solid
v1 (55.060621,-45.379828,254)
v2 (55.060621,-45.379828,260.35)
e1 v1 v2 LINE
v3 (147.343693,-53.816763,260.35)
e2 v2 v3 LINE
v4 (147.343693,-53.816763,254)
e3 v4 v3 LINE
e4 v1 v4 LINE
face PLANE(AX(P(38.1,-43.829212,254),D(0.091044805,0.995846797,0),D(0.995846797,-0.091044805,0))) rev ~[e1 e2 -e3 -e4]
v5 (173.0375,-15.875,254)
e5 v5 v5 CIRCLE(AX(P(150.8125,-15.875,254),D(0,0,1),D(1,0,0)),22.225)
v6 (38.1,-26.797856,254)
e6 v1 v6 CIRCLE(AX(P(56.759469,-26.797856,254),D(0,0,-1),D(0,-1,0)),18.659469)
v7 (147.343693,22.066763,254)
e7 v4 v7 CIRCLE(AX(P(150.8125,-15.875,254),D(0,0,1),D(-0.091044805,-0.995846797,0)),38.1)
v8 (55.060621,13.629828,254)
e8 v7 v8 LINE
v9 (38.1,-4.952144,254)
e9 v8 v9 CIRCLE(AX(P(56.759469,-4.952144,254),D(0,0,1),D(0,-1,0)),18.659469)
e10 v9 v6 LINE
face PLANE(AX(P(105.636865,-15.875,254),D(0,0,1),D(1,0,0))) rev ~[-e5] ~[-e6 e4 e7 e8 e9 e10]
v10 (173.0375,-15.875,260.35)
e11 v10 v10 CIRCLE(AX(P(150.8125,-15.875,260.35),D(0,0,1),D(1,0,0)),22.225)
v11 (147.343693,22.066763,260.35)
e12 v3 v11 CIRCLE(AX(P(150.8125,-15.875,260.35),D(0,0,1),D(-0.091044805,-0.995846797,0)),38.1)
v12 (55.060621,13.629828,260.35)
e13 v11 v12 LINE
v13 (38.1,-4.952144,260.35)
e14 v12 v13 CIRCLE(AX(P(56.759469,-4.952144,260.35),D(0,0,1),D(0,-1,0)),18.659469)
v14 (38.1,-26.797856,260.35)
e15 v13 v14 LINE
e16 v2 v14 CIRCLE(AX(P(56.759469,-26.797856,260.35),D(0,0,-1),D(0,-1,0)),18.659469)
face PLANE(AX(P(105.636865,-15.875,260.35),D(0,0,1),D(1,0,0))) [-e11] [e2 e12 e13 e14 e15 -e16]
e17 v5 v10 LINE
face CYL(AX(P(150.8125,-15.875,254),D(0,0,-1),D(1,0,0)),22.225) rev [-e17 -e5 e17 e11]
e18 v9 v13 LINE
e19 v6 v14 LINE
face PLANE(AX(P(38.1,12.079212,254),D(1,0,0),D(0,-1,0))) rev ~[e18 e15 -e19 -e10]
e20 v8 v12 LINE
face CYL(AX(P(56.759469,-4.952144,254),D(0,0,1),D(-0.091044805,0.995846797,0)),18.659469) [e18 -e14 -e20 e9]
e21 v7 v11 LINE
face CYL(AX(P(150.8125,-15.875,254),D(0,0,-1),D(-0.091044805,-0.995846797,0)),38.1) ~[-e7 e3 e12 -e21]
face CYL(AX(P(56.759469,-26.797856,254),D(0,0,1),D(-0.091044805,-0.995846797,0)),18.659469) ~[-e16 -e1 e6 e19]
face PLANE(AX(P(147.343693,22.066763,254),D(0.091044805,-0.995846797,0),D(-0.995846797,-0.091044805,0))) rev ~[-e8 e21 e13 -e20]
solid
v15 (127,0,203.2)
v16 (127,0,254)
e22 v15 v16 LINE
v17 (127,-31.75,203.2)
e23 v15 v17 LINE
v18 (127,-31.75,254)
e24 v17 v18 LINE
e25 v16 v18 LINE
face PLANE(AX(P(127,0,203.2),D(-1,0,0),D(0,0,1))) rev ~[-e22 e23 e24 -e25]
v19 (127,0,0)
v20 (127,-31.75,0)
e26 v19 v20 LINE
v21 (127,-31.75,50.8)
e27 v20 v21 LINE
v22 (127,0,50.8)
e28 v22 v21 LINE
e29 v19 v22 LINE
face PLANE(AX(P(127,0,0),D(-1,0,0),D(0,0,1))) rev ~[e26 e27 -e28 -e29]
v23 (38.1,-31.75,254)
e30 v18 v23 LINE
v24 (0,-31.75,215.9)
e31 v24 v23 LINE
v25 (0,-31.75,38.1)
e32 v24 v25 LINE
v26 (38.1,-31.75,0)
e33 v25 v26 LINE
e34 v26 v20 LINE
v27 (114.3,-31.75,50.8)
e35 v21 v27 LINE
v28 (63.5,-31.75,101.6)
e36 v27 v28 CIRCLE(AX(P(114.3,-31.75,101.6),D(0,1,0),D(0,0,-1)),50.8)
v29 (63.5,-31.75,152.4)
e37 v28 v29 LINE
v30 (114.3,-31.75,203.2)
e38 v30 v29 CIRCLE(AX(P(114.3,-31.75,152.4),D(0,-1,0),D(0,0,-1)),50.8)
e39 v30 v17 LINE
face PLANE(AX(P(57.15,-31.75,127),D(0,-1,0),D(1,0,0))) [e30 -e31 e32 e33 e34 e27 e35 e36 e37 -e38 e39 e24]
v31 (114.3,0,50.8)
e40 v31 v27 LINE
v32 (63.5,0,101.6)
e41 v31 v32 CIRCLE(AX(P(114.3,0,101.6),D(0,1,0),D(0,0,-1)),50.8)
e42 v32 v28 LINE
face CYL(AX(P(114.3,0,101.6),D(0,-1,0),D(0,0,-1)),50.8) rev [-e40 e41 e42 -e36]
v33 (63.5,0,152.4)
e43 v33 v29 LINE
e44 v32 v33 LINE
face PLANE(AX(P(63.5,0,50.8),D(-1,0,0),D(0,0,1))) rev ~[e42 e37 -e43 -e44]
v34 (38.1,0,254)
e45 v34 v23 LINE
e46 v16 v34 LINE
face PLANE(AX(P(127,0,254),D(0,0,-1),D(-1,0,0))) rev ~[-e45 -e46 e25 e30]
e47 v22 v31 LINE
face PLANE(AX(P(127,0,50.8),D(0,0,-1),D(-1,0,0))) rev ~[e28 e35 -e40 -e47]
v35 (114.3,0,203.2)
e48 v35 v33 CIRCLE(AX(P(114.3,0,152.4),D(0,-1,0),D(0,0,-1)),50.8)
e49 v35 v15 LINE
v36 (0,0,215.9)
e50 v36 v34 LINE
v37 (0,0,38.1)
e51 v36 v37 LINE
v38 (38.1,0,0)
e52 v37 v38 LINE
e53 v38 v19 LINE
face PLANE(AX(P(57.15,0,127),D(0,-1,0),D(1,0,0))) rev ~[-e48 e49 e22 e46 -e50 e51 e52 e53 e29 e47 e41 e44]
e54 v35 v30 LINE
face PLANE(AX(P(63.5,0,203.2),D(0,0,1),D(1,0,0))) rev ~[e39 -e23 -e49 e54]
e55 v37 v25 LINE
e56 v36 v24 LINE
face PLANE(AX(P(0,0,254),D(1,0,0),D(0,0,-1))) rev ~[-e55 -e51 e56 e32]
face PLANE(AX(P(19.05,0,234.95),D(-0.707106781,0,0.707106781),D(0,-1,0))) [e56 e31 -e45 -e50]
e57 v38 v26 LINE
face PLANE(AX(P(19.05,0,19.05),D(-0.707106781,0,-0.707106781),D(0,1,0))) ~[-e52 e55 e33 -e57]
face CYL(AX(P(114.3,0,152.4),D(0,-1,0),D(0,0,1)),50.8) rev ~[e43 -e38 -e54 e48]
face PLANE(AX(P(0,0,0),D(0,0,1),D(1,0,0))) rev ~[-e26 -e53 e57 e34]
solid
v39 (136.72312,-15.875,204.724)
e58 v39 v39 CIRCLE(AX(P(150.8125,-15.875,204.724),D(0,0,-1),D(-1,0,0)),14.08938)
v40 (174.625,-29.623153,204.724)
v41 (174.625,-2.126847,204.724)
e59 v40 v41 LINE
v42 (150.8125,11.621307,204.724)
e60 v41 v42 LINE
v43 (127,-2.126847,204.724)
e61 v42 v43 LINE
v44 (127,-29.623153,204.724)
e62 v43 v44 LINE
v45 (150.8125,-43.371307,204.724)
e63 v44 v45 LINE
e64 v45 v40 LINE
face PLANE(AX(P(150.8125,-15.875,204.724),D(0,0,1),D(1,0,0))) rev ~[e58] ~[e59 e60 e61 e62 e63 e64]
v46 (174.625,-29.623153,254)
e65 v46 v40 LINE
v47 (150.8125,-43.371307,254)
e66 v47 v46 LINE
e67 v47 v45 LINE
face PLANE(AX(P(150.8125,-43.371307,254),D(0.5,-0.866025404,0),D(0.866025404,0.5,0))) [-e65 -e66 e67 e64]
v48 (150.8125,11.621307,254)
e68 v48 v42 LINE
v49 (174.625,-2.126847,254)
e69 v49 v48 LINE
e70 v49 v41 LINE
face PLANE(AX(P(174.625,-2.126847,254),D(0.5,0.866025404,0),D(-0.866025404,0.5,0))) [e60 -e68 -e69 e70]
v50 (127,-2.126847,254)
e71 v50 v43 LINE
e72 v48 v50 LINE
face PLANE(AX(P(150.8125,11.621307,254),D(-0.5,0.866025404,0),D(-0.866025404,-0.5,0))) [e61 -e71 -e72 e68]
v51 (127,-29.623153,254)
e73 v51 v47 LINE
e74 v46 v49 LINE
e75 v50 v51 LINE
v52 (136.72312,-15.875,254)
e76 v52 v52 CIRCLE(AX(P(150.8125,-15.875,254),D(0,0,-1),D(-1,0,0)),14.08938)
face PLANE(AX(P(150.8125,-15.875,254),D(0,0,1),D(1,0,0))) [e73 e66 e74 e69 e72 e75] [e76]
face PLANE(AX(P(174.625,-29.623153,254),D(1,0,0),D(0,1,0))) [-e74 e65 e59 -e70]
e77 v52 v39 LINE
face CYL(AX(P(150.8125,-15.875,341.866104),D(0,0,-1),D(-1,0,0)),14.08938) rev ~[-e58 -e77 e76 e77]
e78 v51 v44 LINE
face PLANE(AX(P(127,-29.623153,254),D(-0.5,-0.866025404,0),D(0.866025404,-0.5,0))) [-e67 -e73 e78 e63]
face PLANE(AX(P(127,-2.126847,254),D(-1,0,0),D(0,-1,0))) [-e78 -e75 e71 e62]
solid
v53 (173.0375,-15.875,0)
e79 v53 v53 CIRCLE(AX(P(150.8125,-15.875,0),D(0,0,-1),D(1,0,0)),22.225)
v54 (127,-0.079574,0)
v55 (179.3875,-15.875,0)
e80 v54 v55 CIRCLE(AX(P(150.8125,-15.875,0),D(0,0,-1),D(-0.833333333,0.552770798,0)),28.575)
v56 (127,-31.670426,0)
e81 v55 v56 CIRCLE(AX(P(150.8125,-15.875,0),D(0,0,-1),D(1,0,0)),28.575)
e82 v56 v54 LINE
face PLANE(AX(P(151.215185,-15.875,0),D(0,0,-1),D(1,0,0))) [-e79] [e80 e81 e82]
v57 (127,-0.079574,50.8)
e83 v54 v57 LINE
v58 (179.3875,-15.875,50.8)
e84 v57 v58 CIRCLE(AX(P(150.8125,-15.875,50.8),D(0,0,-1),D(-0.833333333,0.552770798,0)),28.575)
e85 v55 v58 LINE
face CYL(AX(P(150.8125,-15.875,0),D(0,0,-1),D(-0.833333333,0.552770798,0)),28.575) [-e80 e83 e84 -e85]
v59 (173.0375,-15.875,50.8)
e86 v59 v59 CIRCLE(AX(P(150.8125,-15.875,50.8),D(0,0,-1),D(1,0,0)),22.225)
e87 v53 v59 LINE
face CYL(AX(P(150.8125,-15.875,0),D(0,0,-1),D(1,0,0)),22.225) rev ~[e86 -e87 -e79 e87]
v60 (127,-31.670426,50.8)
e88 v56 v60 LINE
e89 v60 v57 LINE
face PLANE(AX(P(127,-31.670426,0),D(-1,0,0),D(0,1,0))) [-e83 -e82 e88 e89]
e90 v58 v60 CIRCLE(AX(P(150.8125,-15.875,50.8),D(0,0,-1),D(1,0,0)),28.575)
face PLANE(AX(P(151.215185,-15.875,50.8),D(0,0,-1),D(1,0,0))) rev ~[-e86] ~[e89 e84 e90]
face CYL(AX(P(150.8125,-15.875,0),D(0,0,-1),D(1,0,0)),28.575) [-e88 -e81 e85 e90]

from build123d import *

# Parameters (mm, degrees)
F1_DEPTH  = 31.75
F2_SIZE   = 38.1
F3_R      = 50.8
F5_DEPTH  = 49.276
F7_D      = 28.17876
F8_R      = 22.225
F9_DEPTH  = 50.8
F10_R     = 22.225
F11_DEPTH = 6.35
F12_R     = 18.6594688317


with BuildPart() as f1:
    # F0 (on Front) → F1 (new body)
    with BuildSketch(Plane.XZ):
        Polygon((0, 254), (0, 0), (127, 0), (127, 50.8), (63.5, 50.8), (63.5, 203.2), (127, 203.2), (127, 254), align=None)
    extrude(amount=F1_DEPTH)

    # F2
    f2_edges = [f1.edges().sort_by_distance(p)[0] for p in [
        (0, -15.875, 254),
        (0, -15.875, 0),
    ]]
    chamfer(f2_edges, length=F2_SIZE)

    # F3
    f3_edges = [f1.edges().sort_by_distance(p)[0] for p in [
        (63.5, -15.875, 203.2),
        (63.5, -15.875, 50.8),
    ]]
    fillet(f3_edges, radius=F3_R)


with BuildPart() as f5:
    # F4 (on face) → F5 (new body)
    with BuildSketch(Plane.XY.offset(254)):
        Polygon((127, -29.6231532851), (150.8125, -43.3713065702), (174.625, -29.6231532851), (174.625, -2.1268467149), (150.8125, 11.6213065702), (127, -2.1268467149), align=None)
    extrude(amount=-F5_DEPTH)

    # F7 (through all)
    with Locations(Plane.XY.offset(254)):
        with Locations((150.8125, -15.875)):
            Hole(F7_D / 2)


with BuildPart() as f9:
    # F8 (on face) → F9 (new body)
    with BuildSketch(Plane(origin=(0, 0, 0), x_dir=(1, 0, 0), z_dir=(0, 0, -1))):
        with BuildLine():
            ThreePointArc((127, 0.0795744359), (159.061391971, -11.4834796041), (179.3875, 15.875))
            ThreePointArc((179.3875, 15.875), (159.061391971, 43.2334796041), (127, 31.6704255641))
            Line((127, 31.6704255641), (127, 0.0795744359))
        make_face()
        with Locations((150.8125, 15.875)):
            Circle(F8_R, mode=Mode.SUBTRACT)
    extrude(amount=-F9_DEPTH)


with BuildPart() as f11:
    # F10 (on face) → F11 (new body)
    with BuildSketch(Plane.XY.offset(254)):
        with BuildLine():
            Line((38.1, -43.8292118832), (147.3436929141, -53.8167629717))
            ThreePointArc((147.3436929141, -53.8167629717), (188.9125, -15.875), (147.3436929141, 22.0667629717))
            Line((147.3436929141, 22.0667629717), (38.1, 12.0792118832))
            Line((38.1, 12.0792118832), (38.1, 0))
            Line((38.1, 0), (127, 0))
            Line((127, 0), (127, -31.75))
            Line((127, -31.75), (38.1, -31.75))
            Line((38.1, -31.75), (38.1, -43.8292118832))
        make_face()
        with Locations((150.8125, -15.875)):
            Circle(F10_R, mode=Mode.SUBTRACT)
        Polygon((38.1, -15.875), (38.1, -31.75), (127, -31.75), (127, 0), (38.1, 0), align=None)
    extrude(amount=F11_DEPTH)

    # F12
    f12_edges = [f11.edges().sort_by_distance(p)[0] for p in [
        (38.1, -43.829212, 257.175),
        (38.1, 12.079212, 257.175),
    ]]
    fillet(f12_edges, radius=F12_R)


solid = Compound([f1.part, f5.part, f9.part, f11.part])
